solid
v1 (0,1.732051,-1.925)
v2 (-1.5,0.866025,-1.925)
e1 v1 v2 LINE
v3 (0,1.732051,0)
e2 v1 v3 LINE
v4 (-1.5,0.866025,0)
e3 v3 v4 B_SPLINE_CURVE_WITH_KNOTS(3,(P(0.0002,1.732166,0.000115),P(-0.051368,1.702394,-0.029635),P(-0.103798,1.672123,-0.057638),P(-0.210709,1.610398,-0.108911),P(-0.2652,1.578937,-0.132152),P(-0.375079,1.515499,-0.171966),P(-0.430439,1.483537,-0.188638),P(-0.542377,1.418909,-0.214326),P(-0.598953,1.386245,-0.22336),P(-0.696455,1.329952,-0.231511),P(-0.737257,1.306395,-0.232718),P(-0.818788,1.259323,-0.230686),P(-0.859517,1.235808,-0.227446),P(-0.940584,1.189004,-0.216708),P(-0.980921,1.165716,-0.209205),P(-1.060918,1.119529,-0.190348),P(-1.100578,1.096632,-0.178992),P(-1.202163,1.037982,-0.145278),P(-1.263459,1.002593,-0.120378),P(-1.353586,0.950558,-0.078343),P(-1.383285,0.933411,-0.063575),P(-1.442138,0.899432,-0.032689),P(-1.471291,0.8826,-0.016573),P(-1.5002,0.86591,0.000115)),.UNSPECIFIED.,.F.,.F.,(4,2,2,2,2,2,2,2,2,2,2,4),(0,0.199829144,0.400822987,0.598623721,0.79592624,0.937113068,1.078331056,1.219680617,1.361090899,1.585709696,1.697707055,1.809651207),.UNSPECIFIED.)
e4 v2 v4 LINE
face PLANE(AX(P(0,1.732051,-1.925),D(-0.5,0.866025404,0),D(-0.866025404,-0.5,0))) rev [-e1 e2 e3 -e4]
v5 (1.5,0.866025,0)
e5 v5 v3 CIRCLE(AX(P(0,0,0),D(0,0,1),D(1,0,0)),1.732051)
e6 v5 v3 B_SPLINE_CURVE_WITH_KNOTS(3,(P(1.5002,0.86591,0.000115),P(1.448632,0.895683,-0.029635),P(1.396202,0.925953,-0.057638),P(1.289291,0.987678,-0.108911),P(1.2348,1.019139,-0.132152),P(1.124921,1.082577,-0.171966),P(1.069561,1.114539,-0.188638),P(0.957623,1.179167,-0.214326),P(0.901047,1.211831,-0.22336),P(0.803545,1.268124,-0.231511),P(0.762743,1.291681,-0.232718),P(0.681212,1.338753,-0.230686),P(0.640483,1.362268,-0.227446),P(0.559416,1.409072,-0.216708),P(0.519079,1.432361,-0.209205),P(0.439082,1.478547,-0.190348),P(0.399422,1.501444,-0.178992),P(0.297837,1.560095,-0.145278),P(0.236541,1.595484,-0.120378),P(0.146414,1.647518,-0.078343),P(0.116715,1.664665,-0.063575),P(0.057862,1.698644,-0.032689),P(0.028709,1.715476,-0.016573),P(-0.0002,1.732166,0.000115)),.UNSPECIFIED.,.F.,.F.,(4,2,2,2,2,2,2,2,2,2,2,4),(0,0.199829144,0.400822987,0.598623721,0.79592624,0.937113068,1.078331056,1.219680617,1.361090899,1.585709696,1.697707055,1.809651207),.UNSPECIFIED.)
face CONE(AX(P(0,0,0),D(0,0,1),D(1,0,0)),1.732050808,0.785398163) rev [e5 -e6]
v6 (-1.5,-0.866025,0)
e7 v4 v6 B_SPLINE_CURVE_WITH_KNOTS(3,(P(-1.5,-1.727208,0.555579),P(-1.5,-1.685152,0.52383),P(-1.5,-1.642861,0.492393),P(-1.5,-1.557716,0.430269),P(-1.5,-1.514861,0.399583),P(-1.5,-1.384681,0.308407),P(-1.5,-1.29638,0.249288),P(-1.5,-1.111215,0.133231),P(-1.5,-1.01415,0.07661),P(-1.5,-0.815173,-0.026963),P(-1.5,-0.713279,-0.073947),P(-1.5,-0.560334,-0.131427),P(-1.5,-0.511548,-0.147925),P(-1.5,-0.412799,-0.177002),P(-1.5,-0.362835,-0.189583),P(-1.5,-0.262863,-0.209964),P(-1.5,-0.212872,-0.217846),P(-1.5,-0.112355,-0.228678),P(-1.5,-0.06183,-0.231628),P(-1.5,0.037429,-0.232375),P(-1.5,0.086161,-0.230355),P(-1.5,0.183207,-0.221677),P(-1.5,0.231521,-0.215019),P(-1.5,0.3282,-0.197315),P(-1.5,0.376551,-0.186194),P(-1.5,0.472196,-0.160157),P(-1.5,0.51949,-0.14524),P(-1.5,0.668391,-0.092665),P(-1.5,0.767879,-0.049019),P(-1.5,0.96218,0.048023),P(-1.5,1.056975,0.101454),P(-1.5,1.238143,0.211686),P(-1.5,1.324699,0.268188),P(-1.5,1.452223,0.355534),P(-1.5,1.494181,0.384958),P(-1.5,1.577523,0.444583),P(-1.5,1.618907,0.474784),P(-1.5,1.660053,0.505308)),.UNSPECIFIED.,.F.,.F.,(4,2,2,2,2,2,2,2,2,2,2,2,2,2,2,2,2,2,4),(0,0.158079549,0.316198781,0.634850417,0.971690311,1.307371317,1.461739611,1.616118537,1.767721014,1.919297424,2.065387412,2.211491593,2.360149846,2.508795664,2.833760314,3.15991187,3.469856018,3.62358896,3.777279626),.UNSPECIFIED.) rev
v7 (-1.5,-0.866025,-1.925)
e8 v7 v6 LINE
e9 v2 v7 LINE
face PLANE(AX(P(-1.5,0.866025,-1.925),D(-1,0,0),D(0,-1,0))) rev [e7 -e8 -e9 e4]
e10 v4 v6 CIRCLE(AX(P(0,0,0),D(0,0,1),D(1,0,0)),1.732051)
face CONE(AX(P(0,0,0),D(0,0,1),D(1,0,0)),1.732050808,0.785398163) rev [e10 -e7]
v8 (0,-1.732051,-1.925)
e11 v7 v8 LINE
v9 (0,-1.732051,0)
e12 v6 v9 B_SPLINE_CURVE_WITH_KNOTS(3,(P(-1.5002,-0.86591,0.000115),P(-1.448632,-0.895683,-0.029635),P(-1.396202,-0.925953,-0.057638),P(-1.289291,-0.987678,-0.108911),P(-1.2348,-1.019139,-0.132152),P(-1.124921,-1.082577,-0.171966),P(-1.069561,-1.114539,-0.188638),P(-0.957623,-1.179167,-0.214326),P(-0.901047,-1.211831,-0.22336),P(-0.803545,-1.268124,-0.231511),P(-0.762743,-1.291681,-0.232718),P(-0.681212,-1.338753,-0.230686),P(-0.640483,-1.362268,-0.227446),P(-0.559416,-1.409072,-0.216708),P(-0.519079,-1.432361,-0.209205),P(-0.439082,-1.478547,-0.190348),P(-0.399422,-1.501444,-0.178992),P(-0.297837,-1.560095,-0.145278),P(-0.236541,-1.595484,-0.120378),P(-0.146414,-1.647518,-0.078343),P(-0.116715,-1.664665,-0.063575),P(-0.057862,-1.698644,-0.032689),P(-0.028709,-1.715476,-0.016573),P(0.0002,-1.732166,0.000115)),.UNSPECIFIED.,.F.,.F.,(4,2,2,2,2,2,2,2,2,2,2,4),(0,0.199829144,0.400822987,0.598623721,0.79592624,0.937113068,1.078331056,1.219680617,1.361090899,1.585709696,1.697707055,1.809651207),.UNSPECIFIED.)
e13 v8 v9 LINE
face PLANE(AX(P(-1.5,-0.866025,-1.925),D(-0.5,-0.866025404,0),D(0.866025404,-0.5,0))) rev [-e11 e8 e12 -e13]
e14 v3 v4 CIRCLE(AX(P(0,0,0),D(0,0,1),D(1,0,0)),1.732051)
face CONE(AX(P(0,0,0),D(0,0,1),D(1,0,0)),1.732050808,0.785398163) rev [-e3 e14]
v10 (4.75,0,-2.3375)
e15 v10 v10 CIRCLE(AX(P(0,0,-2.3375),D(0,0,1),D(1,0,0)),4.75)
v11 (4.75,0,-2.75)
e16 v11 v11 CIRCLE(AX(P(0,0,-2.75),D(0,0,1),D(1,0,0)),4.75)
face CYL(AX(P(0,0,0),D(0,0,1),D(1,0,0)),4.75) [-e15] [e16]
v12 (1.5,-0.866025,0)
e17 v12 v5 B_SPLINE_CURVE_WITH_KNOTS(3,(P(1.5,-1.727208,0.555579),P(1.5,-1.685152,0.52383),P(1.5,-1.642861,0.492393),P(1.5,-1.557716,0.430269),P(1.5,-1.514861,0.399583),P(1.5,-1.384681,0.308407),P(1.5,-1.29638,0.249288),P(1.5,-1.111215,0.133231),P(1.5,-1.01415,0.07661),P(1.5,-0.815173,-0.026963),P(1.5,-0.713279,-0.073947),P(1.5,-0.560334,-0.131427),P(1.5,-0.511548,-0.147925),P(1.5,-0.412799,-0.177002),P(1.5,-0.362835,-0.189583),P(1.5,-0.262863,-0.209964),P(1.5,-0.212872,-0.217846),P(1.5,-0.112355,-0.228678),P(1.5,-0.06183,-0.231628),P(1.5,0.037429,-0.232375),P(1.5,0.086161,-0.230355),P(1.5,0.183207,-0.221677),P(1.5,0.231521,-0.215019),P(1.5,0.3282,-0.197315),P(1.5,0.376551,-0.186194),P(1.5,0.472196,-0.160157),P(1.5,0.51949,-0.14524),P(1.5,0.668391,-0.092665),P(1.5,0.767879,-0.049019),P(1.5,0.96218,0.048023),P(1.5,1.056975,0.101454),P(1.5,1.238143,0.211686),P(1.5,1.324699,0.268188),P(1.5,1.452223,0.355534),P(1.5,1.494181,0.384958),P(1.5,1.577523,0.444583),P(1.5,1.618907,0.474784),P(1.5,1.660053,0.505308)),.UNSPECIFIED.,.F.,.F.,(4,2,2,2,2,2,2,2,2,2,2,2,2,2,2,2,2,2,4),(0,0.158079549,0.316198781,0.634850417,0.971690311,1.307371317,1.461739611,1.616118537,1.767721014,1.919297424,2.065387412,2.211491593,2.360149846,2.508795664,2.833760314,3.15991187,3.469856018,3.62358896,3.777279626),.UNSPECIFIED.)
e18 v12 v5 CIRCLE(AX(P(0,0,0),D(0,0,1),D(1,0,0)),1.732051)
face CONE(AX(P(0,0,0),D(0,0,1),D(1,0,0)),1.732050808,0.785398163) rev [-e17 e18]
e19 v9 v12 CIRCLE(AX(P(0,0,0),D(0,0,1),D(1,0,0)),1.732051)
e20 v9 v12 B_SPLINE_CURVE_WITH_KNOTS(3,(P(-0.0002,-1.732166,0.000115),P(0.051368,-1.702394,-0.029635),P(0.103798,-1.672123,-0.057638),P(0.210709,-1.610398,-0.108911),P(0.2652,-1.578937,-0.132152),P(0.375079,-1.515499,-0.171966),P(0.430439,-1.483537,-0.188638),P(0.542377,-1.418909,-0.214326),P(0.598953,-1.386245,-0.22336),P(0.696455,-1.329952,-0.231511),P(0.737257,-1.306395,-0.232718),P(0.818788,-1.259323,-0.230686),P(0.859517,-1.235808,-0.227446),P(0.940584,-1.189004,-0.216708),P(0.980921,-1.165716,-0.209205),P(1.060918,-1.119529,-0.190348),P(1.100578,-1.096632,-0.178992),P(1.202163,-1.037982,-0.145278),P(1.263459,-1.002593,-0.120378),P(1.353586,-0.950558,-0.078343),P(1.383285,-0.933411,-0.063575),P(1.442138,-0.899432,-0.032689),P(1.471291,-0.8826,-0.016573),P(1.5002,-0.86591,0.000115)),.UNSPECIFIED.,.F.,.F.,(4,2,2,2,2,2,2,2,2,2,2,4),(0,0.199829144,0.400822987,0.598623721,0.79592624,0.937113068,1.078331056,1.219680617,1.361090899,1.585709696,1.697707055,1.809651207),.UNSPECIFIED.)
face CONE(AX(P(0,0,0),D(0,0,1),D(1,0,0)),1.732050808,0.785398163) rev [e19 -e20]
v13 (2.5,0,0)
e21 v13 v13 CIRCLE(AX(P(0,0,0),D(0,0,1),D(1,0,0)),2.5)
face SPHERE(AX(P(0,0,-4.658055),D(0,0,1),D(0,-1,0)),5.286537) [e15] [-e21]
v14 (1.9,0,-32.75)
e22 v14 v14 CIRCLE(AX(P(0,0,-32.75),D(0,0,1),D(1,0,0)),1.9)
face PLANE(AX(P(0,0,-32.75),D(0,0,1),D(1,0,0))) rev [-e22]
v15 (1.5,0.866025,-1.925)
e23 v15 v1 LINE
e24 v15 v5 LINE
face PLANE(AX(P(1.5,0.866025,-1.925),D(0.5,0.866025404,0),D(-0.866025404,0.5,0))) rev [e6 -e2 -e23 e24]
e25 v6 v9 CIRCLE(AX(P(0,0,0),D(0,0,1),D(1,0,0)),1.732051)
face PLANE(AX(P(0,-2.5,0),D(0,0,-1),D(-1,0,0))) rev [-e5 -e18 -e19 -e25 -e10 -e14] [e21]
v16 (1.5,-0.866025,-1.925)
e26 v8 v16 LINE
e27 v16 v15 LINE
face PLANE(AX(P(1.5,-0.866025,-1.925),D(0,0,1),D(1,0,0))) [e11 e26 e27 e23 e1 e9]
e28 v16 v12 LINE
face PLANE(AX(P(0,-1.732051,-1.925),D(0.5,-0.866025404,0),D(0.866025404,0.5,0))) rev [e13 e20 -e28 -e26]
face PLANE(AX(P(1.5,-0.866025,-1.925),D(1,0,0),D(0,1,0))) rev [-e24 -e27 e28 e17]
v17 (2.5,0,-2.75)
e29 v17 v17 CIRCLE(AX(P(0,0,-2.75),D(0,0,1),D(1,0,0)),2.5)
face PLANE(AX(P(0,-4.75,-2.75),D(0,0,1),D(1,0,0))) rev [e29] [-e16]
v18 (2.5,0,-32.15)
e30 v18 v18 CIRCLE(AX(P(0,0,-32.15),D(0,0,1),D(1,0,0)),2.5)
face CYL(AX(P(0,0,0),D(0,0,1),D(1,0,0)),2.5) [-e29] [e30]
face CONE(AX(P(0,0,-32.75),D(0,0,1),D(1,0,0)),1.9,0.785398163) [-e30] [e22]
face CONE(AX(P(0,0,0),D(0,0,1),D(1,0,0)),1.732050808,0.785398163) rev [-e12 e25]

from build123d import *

# Parameters (mm, degrees)
CUT_EXTRUDE2_DEPTH = 1.925


with BuildPart() as part:
    # Sketch10 → Revolve3 (revolve)
    with BuildSketch(Plane(origin=(0, 0, 0), x_dir=(0, 0, -1), z_dir=(1, 0, 0))):
        Polygon((32.15, 2.5), (32.75, 1.9), (32.75, 0), (2.75, 0), (2.75, 2.5), align=None)
    revolve(axis=Axis((0, 0, 0), (0, 0, -1)))

    # Sketch7 → Revolve2 (revolve)
    with BuildSketch(Plane(origin=(0, 0, 0), x_dir=(0, 0, -1), z_dir=(1, 0, 0))):
        with BuildLine():
            Line((2.3375, 4.75), (2.75, 4.75))
            Line((2.75, 4.75), (2.75, 0))
            Line((2.75, 0), (0, 0))
            Line((0, 0), (0, 2.5))
            ThreePointArc((0, 2.5), (0.991875183, 3.808753282), (2.3375, 4.75))
        make_face()
    revolve(axis=Axis((0, 0, 0), (0, 0, -1)))

    # Sketch5 → Cut-Extrude2 (cut)
    with BuildSketch(Plane.XY):
        Polygon((1.5, -0.866025404), (1.5, 0.866025404), (0, 1.732050808), (-1.5, 0.866025404), (-1.5, -0.866025404), (0, -1.732050808), align=None)
    extrude(amount=-CUT_EXTRUDE2_DEPTH, mode=Mode.SUBTRACT)

    # Cut-Extrude3 cone 1 section (through the dimple's axis) → Cut-Extrude3 (revolve, cut)
    with BuildSketch(Plane(origin=(0, 0, 0), x_dir=(0, -1, 0), z_dir=(1, 0, 0))):
        Polygon((0, 0), (1.732050808, 0), (0, 1.732050808), align=None)
    revolve(axis=Axis((0, 0, 0), (0, 0, -1)), mode=Mode.SUBTRACT)


solid = part.part
